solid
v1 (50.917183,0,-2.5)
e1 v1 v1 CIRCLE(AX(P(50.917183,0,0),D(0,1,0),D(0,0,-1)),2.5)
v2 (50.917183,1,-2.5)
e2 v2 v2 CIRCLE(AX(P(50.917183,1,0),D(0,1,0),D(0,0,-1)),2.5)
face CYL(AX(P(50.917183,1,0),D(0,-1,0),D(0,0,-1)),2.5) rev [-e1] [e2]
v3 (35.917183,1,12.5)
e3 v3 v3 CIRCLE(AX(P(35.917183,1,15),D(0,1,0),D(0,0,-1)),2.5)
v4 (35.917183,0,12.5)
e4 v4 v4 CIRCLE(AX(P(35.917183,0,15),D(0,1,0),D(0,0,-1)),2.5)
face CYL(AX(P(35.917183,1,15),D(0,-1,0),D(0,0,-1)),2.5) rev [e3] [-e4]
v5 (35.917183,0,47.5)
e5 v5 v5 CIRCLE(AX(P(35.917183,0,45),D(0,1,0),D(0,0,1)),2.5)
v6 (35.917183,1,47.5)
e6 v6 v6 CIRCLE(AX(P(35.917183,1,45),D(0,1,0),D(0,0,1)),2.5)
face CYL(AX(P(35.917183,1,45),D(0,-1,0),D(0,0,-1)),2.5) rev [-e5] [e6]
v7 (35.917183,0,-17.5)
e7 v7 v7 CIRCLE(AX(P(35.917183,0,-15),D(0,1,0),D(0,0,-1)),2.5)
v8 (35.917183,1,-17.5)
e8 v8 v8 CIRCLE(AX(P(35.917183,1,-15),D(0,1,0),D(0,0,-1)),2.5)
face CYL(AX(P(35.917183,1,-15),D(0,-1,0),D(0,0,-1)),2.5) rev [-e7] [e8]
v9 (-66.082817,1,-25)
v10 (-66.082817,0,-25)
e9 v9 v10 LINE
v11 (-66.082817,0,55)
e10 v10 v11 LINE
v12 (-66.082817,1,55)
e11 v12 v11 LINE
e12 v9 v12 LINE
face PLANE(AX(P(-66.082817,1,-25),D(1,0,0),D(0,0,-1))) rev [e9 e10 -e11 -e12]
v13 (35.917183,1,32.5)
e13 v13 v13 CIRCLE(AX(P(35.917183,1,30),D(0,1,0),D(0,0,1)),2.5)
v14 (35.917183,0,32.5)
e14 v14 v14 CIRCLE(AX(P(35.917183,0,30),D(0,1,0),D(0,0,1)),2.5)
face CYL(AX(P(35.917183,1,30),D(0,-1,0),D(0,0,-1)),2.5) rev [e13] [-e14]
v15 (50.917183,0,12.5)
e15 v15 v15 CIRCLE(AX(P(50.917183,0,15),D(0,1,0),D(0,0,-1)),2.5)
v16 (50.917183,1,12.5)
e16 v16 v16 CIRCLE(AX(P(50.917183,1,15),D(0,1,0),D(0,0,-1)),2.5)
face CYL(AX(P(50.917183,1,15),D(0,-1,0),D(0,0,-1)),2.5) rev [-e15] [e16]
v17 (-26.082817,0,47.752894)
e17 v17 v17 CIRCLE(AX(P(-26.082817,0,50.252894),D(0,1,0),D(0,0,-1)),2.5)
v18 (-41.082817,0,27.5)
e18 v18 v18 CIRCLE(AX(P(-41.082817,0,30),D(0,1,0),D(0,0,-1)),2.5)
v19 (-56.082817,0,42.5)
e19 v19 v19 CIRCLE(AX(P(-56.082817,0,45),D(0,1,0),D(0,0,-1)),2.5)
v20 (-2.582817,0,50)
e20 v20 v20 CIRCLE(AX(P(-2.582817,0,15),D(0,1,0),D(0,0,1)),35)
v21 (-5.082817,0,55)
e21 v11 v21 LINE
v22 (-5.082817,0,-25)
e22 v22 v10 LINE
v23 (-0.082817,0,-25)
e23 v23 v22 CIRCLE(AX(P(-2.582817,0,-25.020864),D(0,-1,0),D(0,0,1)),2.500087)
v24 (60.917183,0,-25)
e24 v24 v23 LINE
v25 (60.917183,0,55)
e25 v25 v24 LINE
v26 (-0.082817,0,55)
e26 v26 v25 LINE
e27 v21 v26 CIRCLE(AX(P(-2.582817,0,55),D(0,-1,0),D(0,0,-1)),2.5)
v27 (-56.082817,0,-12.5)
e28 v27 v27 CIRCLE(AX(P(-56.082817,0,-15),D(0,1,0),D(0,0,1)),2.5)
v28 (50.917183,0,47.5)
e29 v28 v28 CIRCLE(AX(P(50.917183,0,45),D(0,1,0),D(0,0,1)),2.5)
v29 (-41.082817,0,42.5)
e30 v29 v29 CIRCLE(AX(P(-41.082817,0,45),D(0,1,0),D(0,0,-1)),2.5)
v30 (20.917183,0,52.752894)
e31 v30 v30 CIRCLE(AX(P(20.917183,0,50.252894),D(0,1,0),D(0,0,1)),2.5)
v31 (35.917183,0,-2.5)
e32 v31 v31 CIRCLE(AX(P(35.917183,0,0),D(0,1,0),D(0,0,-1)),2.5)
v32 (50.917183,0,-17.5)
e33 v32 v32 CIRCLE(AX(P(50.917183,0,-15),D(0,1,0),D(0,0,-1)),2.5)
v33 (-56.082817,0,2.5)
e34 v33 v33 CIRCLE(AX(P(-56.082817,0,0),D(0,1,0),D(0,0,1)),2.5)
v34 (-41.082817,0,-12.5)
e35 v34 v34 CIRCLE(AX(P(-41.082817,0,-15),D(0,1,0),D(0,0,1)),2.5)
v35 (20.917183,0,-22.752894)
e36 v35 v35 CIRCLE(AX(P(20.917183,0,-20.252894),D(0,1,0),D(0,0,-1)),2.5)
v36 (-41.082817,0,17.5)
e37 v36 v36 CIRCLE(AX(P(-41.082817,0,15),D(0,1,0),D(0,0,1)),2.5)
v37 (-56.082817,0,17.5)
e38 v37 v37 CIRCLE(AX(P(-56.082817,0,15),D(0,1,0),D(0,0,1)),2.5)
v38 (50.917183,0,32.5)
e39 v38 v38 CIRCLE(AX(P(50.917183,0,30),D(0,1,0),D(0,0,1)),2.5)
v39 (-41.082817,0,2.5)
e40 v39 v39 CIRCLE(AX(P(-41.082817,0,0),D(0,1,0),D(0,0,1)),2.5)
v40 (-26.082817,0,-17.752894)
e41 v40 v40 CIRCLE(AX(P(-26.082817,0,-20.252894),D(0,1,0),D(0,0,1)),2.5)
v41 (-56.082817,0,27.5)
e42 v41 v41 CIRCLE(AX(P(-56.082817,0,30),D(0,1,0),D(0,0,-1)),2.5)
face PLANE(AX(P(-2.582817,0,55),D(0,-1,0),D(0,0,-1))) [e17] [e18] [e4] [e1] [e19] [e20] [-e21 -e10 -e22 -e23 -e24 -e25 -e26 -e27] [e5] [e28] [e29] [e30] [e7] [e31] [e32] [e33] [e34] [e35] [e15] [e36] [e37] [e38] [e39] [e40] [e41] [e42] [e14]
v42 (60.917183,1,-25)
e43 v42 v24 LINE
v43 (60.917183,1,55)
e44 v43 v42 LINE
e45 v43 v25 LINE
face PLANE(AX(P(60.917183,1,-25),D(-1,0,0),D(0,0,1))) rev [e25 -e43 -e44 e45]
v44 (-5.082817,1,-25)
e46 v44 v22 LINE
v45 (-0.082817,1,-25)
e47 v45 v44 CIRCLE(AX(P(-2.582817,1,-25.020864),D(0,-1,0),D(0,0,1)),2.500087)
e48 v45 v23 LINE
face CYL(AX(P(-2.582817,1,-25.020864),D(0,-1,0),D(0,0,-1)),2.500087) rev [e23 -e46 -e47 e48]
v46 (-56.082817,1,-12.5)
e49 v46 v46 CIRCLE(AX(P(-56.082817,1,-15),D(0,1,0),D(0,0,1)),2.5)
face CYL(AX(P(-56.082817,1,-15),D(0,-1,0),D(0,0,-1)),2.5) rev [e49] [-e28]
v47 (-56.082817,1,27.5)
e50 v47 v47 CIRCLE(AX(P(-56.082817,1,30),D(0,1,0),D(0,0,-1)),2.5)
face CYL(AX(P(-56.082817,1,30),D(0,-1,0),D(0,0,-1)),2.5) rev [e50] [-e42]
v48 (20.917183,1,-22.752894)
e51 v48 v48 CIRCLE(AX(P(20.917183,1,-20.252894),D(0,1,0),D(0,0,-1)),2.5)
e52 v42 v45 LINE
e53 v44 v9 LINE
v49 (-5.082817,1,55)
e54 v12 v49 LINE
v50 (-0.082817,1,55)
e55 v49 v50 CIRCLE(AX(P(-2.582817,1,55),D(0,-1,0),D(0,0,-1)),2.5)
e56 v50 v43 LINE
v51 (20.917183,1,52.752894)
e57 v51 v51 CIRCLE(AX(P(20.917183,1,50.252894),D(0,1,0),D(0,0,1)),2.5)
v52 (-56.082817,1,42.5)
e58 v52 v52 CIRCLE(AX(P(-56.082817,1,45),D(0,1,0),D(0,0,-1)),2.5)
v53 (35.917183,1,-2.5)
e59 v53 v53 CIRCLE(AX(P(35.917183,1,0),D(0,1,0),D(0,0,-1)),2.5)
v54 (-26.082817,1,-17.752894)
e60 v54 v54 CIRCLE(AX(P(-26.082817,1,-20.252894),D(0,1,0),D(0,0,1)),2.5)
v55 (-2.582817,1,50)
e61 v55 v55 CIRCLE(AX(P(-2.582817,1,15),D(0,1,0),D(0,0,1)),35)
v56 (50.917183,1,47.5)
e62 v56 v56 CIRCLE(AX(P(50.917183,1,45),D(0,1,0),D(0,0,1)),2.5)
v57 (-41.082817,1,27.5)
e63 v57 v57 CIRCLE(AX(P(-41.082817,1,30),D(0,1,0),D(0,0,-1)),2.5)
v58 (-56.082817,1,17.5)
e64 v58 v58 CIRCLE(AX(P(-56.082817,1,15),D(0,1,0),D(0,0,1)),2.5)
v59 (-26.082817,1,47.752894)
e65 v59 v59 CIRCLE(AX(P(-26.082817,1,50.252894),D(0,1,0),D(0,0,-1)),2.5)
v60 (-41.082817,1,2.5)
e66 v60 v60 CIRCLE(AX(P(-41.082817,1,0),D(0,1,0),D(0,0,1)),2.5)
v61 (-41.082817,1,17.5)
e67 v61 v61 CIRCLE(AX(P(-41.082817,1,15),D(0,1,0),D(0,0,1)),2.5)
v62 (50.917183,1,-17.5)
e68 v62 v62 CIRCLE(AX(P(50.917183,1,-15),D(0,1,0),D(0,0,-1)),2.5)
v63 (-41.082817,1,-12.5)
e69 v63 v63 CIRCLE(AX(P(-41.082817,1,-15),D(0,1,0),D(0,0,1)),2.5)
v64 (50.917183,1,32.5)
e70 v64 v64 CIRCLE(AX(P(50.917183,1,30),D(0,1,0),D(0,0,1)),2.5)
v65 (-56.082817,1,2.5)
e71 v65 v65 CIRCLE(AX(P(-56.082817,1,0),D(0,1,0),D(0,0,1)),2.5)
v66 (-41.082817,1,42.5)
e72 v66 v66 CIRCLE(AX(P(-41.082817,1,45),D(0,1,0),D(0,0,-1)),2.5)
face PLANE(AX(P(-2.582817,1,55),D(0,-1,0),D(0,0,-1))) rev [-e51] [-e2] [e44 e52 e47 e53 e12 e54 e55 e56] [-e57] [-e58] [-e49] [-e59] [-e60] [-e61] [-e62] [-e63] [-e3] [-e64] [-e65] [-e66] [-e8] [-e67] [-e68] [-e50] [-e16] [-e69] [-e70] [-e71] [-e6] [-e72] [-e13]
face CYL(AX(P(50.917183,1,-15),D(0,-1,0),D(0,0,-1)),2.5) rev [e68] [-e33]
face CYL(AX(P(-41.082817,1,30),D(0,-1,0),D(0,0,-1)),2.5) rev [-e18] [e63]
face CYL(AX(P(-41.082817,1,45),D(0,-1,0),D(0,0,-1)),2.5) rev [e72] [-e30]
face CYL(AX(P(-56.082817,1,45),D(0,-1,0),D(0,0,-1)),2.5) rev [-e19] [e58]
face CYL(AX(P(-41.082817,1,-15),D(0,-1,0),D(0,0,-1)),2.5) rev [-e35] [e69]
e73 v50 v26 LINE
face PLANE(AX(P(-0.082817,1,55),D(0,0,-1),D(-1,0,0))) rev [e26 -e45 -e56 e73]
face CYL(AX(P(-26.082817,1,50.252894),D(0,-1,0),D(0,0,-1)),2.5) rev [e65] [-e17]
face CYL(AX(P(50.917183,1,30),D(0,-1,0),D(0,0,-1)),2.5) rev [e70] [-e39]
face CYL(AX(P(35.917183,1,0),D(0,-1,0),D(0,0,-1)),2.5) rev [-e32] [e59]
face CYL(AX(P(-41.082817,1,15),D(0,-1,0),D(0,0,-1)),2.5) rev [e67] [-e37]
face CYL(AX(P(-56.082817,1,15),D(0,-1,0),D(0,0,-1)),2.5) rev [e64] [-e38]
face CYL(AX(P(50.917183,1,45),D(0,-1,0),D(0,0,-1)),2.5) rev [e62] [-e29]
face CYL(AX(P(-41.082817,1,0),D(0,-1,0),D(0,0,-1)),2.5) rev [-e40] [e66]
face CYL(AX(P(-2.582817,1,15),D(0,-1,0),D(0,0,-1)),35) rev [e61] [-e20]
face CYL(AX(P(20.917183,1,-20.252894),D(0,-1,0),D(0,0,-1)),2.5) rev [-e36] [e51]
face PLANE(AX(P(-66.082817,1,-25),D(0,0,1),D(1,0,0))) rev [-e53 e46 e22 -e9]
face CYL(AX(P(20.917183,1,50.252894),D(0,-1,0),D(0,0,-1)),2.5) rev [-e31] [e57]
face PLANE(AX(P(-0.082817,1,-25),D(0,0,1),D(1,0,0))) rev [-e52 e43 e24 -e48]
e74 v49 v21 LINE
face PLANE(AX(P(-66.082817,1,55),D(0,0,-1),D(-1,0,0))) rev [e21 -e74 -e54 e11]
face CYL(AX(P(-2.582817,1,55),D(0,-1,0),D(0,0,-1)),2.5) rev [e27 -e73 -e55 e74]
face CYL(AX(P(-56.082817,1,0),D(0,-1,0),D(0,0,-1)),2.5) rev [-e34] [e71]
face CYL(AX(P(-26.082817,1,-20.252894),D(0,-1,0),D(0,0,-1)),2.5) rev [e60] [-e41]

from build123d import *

# Parameters (mm, degrees)
SKETCH1_R           = 35
SKETCH1_R_2         = 2.5
BOSS_EXTRUDE1_DEPTH = 1


with BuildPart() as part:
    # Sketch1 → Boss-Extrude1 (new body)
    with BuildSketch(Plane(origin=(0, 0, 0), x_dir=(1, 0, 0), z_dir=(0, 1, 0))):
        with BuildLine():
            Line((-66.082817056, 25), (-5.082817056, 25))
            ThreePointArc((-5.082817056, 25), (-2.582817056, 22.520776659), (-0.082817056, 25))
            Line((-0.082817056, 25), (60.917182944, 25))
            Line((60.917182944, 25), (60.917182944, -55))
            Line((60.917182944, -55), (-0.082817056, -55))
            ThreePointArc((-0.082817056, -55), (-2.582817056, -52.5), (-5.082817056, -55))
            Line((-5.082817056, -55), (-66.082817056, -55))
            Line((-66.082817056, -55), (-66.082817056, 25))
        make_face()
        with Locations(Location((-2.582817056, -15, 0), (0, 0, 270))):
            Circle(SKETCH1_R, mode=Mode.SUBTRACT)
        with Locations(Location((-56.082817056, 15, 0), (0, 0, 270))):
            Circle(SKETCH1_R_2, mode=Mode.SUBTRACT)
        with Locations(Location((-41.082817056, 15, 0), (0, 0, 270))):
            Circle(SKETCH1_R_2, mode=Mode.SUBTRACT)
        with Locations(Location((-56.082817056, 0, 0), (0, 0, 270))):
            Circle(SKETCH1_R_2, mode=Mode.SUBTRACT)
        with Locations(Location((-41.082817056, 0, 0), (0, 0, 270))):
            Circle(SKETCH1_R_2, mode=Mode.SUBTRACT)
        with Locations(Location((-26.082817056, 20.252893574, 0), (0, 0, 270))):
            Circle(SKETCH1_R_2, mode=Mode.SUBTRACT)
        with Locations(Location((-56.082817056, -15, 0), (0, 0, 270))):
            Circle(SKETCH1_R_2, mode=Mode.SUBTRACT)
        with Locations(Location((-41.082817056, -15, 0), (0, 0, 270))):
            Circle(SKETCH1_R_2, mode=Mode.SUBTRACT)
        with Locations(Location((50.917182944, 15, 0), (0, 0, 90))):
            Circle(SKETCH1_R_2, mode=Mode.SUBTRACT)
        with Locations(Location((50.917182944, 0, 0), (0, 0, 90))):
            Circle(SKETCH1_R_2, mode=Mode.SUBTRACT)
        with Locations(Location((50.917182944, -15, 0), (0, 0, 90))):
            Circle(SKETCH1_R_2, mode=Mode.SUBTRACT)
        with Locations(Location((35.917182944, -15, 0), (0, 0, 90))):
            Circle(SKETCH1_R_2, mode=Mode.SUBTRACT)
        with Locations(Location((35.917182944, 0, 0), (0, 0, 90))):
            Circle(SKETCH1_R_2, mode=Mode.SUBTRACT)
        with Locations(Location((35.917182944, 15, 0), (0, 0, 90))):
            Circle(SKETCH1_R_2, mode=Mode.SUBTRACT)
        with Locations(Location((20.917182944, 20.252893574, 0), (0, 0, 90))):
            Circle(SKETCH1_R_2, mode=Mode.SUBTRACT)
        with Locations(Location((-26.082817056, -50.252893574, 0), (0, 0, 90))):
            Circle(SKETCH1_R_2, mode=Mode.SUBTRACT)
        with Locations(Location((-41.082817056, -45, 0), (0, 0, 90))):
            Circle(SKETCH1_R_2, mode=Mode.SUBTRACT)
        with Locations(Location((-41.082817056, -30, 0), (0, 0, 90))):
            Circle(SKETCH1_R_2, mode=Mode.SUBTRACT)
        with Locations(Location((-56.082817056, -30, 0), (0, 0, 90))):
            Circle(SKETCH1_R_2, mode=Mode.SUBTRACT)
        with Locations(Location((-56.082817056, -45, 0), (0, 0, 90))):
            Circle(SKETCH1_R_2, mode=Mode.SUBTRACT)
        with Locations(Location((50.917182944, -45, 0), (0, 0, 270))):
            Circle(SKETCH1_R_2, mode=Mode.SUBTRACT)
        with Locations(Location((50.917182944, -30, 0), (0, 0, 270))):
            Circle(SKETCH1_R_2, mode=Mode.SUBTRACT)
        with Locations(Location((35.917182944, -30, 0), (0, 0, 270))):
            Circle(SKETCH1_R_2, mode=Mode.SUBTRACT)
        with Locations(Location((35.917182944, -45, 0), (0, 0, 270))):
            Circle(SKETCH1_R_2, mode=Mode.SUBTRACT)
        with Locations(Location((20.917182944, -50.252893574, 0), (0, 0, 270))):
            Circle(SKETCH1_R_2, mode=Mode.SUBTRACT)
    extrude(amount=BOSS_EXTRUDE1_DEPTH)


solid = part.part
